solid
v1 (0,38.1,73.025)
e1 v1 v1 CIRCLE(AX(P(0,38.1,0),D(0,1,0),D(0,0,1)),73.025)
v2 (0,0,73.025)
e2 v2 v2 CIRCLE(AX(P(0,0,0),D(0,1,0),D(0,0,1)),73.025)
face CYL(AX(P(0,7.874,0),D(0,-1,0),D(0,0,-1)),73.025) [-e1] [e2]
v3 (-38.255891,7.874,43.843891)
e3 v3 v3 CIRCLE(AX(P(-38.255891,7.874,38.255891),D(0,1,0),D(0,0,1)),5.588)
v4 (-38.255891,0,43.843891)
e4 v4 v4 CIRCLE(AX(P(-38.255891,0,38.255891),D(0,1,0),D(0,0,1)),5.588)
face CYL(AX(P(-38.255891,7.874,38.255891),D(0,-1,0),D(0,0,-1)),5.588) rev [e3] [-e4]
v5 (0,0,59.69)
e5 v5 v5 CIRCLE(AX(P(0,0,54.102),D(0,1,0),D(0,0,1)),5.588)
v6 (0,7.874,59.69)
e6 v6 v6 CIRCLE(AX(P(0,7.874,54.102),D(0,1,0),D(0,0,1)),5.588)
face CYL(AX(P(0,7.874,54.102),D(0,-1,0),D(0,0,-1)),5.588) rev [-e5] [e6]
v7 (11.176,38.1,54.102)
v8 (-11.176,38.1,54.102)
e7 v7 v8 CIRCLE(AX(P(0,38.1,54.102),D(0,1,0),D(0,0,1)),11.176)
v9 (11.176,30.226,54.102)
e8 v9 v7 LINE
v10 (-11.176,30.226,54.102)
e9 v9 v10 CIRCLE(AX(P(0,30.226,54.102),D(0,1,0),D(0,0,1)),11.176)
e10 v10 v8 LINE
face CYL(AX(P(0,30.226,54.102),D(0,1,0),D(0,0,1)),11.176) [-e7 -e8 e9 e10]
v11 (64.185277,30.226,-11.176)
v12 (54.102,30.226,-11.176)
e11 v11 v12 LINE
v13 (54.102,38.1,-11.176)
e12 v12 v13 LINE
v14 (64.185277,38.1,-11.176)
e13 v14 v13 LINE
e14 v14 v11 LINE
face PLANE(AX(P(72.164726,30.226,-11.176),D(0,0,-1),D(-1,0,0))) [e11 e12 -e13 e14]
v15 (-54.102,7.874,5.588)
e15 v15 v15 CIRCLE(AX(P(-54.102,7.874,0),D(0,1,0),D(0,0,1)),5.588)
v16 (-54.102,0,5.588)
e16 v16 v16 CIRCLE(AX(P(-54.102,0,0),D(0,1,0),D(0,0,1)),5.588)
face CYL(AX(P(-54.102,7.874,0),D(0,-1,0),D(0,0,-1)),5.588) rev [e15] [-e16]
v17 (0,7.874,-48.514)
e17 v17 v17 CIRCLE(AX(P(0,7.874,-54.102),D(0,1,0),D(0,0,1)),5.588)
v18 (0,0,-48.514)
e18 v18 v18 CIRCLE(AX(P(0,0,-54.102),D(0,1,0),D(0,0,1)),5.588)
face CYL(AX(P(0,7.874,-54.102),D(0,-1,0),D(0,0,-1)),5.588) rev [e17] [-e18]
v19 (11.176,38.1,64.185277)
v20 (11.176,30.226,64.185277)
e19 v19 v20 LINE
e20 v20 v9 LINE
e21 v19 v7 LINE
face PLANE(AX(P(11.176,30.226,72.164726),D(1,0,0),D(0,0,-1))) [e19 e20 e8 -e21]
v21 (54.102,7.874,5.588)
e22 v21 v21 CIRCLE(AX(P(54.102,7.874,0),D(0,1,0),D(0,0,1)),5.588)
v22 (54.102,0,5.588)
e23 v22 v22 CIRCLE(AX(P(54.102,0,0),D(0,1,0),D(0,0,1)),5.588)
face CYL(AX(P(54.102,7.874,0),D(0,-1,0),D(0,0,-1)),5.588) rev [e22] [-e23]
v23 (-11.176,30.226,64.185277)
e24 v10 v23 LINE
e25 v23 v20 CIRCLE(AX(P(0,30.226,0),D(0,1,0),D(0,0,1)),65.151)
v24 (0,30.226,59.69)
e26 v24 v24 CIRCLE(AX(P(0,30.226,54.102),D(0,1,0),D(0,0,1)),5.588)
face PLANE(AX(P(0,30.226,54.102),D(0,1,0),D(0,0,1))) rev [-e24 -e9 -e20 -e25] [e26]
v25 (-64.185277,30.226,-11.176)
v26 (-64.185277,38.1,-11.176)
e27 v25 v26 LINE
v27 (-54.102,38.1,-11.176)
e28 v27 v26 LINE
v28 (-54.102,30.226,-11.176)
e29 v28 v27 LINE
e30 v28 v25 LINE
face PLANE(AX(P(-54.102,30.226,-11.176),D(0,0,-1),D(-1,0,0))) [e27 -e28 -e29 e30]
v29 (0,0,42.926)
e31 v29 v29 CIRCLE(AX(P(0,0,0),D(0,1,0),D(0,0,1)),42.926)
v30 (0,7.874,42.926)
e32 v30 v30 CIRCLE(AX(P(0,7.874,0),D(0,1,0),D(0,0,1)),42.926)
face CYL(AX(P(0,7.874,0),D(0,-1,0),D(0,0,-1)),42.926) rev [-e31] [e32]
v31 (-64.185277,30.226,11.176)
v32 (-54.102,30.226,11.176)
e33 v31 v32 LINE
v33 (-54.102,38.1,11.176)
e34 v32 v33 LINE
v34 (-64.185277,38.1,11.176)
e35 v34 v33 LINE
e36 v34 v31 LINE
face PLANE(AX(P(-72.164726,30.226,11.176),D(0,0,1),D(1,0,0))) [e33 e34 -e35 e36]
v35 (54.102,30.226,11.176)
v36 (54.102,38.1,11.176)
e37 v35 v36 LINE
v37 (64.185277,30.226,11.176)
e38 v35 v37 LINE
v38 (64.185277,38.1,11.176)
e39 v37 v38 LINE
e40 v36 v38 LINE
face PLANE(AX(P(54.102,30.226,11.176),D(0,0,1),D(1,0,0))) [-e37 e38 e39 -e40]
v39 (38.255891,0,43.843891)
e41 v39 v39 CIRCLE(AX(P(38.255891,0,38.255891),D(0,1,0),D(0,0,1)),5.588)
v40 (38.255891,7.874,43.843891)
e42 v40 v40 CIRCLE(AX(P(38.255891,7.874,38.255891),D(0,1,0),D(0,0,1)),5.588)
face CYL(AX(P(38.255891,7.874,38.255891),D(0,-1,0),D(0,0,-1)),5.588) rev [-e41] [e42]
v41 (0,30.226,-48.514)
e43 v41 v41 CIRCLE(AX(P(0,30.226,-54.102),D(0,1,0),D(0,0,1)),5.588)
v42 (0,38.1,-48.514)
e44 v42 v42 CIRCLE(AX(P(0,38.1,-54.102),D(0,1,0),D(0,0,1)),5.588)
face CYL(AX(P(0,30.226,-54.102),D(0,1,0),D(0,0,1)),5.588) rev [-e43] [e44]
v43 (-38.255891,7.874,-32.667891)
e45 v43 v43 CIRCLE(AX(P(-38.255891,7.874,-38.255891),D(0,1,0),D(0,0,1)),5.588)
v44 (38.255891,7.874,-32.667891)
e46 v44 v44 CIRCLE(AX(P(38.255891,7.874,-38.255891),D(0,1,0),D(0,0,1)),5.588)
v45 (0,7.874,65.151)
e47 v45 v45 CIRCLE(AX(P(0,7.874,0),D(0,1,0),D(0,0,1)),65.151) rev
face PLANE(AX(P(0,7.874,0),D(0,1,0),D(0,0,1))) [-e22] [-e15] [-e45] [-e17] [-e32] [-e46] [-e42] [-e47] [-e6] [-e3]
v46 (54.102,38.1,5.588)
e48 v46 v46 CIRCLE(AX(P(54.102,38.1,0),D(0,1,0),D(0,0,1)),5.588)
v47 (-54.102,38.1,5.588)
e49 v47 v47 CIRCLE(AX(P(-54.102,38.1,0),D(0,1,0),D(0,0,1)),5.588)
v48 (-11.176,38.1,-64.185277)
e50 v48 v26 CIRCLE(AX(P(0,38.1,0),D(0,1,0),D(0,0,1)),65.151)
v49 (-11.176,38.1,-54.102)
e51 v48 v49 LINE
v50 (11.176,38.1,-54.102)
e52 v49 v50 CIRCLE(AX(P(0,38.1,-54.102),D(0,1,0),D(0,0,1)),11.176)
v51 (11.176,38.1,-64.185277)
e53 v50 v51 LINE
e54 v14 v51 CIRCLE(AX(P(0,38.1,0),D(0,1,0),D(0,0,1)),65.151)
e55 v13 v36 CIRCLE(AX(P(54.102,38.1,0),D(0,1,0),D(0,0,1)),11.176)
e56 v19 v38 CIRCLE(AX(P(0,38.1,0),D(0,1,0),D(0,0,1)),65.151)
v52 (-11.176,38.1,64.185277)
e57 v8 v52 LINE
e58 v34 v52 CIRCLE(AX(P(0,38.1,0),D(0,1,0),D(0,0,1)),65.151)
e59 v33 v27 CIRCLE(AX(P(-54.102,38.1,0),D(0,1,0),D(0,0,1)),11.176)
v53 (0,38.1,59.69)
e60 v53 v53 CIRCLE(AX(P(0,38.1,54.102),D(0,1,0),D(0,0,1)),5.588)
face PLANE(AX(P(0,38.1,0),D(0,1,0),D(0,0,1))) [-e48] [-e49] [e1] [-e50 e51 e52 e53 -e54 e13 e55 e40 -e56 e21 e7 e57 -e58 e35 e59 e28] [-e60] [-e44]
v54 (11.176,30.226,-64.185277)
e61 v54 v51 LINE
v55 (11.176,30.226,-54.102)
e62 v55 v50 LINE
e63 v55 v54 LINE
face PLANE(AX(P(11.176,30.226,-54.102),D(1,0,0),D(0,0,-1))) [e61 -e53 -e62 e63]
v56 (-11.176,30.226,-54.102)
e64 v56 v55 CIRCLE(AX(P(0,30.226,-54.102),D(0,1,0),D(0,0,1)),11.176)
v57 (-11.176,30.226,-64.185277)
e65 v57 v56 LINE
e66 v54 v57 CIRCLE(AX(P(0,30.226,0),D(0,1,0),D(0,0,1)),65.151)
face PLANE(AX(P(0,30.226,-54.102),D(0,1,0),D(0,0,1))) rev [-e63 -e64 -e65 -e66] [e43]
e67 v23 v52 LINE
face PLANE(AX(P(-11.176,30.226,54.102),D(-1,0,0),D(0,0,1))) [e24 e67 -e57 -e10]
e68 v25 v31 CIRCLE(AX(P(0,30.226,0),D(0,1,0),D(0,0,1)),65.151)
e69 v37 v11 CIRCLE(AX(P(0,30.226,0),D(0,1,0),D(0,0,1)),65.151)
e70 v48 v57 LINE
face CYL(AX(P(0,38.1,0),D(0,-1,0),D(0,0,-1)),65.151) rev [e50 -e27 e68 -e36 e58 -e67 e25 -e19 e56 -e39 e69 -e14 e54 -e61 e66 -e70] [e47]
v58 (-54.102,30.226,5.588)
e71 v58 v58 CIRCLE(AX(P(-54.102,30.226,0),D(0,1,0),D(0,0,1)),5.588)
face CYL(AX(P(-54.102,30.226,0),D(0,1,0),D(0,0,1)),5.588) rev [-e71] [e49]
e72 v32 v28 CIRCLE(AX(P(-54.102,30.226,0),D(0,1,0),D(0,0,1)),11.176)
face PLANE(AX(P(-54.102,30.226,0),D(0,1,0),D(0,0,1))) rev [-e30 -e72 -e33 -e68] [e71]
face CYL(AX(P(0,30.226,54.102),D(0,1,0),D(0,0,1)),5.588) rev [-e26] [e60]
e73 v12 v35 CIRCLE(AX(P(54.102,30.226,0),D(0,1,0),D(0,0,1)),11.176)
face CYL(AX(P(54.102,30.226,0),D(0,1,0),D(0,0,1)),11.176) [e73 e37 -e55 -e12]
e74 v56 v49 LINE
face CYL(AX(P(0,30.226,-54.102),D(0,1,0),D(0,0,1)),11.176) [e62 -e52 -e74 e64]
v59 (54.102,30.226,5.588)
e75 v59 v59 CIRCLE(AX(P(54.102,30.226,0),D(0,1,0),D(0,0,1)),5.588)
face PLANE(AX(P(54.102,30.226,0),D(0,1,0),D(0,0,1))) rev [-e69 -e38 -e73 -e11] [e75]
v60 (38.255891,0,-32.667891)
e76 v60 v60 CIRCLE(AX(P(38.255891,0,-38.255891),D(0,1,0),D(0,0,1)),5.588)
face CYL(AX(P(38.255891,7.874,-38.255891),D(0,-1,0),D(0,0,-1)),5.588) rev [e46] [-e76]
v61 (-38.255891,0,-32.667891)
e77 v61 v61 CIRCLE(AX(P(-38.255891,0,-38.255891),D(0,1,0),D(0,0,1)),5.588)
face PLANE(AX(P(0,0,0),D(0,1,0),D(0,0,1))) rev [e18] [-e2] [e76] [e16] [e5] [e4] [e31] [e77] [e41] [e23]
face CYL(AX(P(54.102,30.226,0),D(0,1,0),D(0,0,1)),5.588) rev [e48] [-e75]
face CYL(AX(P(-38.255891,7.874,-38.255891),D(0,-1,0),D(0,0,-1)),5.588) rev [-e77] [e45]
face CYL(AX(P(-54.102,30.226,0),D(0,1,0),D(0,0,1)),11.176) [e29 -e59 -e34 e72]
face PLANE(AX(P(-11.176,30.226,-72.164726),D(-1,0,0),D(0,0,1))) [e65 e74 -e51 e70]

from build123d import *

# Parameters (mm, degrees)
SKETCH11_R          = 73.025
SKETCH11_R_2        = 42.926
SKETCH11_R_3        = 5.588
BOSS_EXTRUDE3_DEPTH = 7.874
SKETCH12_R          = 73.025
SKETCH12_R_2        = 65.151
BOSS_EXTRUDE4_DEPTH = 30.226
BOSS_EXTRUDE5_START = -7.874
SKETCH19_R          = 5.588
BOSS_EXTRUDE5_DEPTH = 7.874


with BuildPart() as part:
    # Sketch11 → Boss-Extrude3 (new body)
    with BuildSketch(Plane(origin=(0, 0, 0), x_dir=(1, 0, 0), z_dir=(0, 1, 0))):
        with Locations(Location((0, 0, 0), (0, 0, 270))):
            Circle(SKETCH11_R)
        with Locations(Location((0, 0, 0), (0, 0, 270))):
            Circle(SKETCH11_R_2, mode=Mode.SUBTRACT)
        with Locations(Location((0, -54.102, 0), (0, 0, 270))):
            Circle(SKETCH11_R_3, mode=Mode.SUBTRACT)
        with Locations(Location((-38.255891076, -38.255891076, 0), (0, 0, 270))):
            Circle(SKETCH11_R_3, mode=Mode.SUBTRACT)
        with Locations(Location((-54.102, 0, 0), (0, 0, 270))):
            Circle(SKETCH11_R_3, mode=Mode.SUBTRACT)
        with Locations(Location((-38.255891076, 38.255891076, 0), (0, 0, 270))):
            Circle(SKETCH11_R_3, mode=Mode.SUBTRACT)
        with Locations(Location((0, 54.102, 0), (0, 0, 270))):
            Circle(SKETCH11_R_3, mode=Mode.SUBTRACT)
        with Locations(Location((38.255891076, 38.255891076, 0), (0, 0, 270))):
            Circle(SKETCH11_R_3, mode=Mode.SUBTRACT)
        with Locations(Location((54.102, 0, 0), (0, 0, 270))):
            Circle(SKETCH11_R_3, mode=Mode.SUBTRACT)
        with Locations(Location((38.255891076, -38.255891076, 0), (0, 0, 270))):
            Circle(SKETCH11_R_3, mode=Mode.SUBTRACT)
    extrude(amount=BOSS_EXTRUDE3_DEPTH)

    # Sketch12 → Boss-Extrude4 (add)
    with BuildSketch(Plane(origin=(0, 7.874, 0), x_dir=(1, 0, 0), z_dir=(0, 1, 0))):
        with Locations(Location((0, 0, 0), (0, 0, 270))):
            Circle(SKETCH12_R)
        with Locations(Location((0, 0, 0), (0, 0, 270))):
            Circle(SKETCH12_R_2, mode=Mode.SUBTRACT)
    extrude(amount=BOSS_EXTRUDE4_DEPTH)

    # Sketch19 → Boss-Extrude5 (add)
    # profile 1 of 4: a face of its own
    with BuildSketch(Plane(origin=(0, 38.1, 0), x_dir=(1, 0, 0), z_dir=(0, 1, 0)).offset(BOSS_EXTRUDE5_START)):
        with BuildLine():
            Line((-11.176, -54.102), (-11.176, -72.164725795))
            Line((-11.176, -72.164725795), (11.176, -72.164725795))
            Line((11.176, -72.164725795), (11.176, -54.102))
            ThreePointArc((11.176, -54.102), (0, -42.926), (-11.176, -54.102))
        make_face()
        with Locations(Location((0, -54.102, 0), (0, 0, 270))):
            Circle(SKETCH19_R, mode=Mode.SUBTRACT)
    # profile 2 of 4: a face of its own
    with BuildSketch(Plane(origin=(0, 38.1, 0), x_dir=(1, 0, 0), z_dir=(0, 1, 0)).offset(BOSS_EXTRUDE5_START)):
        with BuildLine():
            Line((-54.102, 11.176), (-72.164725795, 11.176))
            Line((-72.164725795, 11.176), (-72.164725795, -11.176))
            Line((-72.164725795, -11.176), (-54.102, -11.176))
            ThreePointArc((-54.102, -11.176), (-42.926, 0), (-54.102, 11.176))
        make_face()
        with Locations(Location((-54.102, 0, 0), (0, 0, 270))):
            Circle(SKETCH19_R, mode=Mode.SUBTRACT)
    # profile 3 of 4: a face of its own
    with BuildSketch(Plane(origin=(0, 38.1, 0), x_dir=(1, 0, 0), z_dir=(0, 1, 0)).offset(BOSS_EXTRUDE5_START)):
        with BuildLine():
            Line((11.176, 54.102), (11.176, 72.164725795))
            Line((11.176, 72.164725795), (-11.176, 72.164725795))
            Line((-11.176, 72.164725795), (-11.176, 54.102))
            ThreePointArc((-11.176, 54.102), (0, 42.926), (11.176, 54.102))
        make_face()
        with Locations(Location((0, 54.102, 0), (0, 0, 270))):
            Circle(SKETCH19_R, mode=Mode.SUBTRACT)
    # profile 4 of 4: a face of its own
    with BuildSketch(Plane(origin=(0, 38.1, 0), x_dir=(1, 0, 0), z_dir=(0, 1, 0)).offset(BOSS_EXTRUDE5_START)):
        with BuildLine():
            Line((54.102, -11.176), (72.164725795, -11.176))
            Line((72.164725795, -11.176), (72.164725795, 11.176))
            Line((72.164725795, 11.176), (54.102, 11.176))
            ThreePointArc((54.102, 11.176), (42.926, 0), (54.102, -11.176))
        make_face()
        with Locations(Location((54.102, 0, 0), (0, 0, 270))):
            Circle(SKETCH19_R, mode=Mode.SUBTRACT)
    extrude(amount=BOSS_EXTRUDE5_DEPTH)


solid = part.part
